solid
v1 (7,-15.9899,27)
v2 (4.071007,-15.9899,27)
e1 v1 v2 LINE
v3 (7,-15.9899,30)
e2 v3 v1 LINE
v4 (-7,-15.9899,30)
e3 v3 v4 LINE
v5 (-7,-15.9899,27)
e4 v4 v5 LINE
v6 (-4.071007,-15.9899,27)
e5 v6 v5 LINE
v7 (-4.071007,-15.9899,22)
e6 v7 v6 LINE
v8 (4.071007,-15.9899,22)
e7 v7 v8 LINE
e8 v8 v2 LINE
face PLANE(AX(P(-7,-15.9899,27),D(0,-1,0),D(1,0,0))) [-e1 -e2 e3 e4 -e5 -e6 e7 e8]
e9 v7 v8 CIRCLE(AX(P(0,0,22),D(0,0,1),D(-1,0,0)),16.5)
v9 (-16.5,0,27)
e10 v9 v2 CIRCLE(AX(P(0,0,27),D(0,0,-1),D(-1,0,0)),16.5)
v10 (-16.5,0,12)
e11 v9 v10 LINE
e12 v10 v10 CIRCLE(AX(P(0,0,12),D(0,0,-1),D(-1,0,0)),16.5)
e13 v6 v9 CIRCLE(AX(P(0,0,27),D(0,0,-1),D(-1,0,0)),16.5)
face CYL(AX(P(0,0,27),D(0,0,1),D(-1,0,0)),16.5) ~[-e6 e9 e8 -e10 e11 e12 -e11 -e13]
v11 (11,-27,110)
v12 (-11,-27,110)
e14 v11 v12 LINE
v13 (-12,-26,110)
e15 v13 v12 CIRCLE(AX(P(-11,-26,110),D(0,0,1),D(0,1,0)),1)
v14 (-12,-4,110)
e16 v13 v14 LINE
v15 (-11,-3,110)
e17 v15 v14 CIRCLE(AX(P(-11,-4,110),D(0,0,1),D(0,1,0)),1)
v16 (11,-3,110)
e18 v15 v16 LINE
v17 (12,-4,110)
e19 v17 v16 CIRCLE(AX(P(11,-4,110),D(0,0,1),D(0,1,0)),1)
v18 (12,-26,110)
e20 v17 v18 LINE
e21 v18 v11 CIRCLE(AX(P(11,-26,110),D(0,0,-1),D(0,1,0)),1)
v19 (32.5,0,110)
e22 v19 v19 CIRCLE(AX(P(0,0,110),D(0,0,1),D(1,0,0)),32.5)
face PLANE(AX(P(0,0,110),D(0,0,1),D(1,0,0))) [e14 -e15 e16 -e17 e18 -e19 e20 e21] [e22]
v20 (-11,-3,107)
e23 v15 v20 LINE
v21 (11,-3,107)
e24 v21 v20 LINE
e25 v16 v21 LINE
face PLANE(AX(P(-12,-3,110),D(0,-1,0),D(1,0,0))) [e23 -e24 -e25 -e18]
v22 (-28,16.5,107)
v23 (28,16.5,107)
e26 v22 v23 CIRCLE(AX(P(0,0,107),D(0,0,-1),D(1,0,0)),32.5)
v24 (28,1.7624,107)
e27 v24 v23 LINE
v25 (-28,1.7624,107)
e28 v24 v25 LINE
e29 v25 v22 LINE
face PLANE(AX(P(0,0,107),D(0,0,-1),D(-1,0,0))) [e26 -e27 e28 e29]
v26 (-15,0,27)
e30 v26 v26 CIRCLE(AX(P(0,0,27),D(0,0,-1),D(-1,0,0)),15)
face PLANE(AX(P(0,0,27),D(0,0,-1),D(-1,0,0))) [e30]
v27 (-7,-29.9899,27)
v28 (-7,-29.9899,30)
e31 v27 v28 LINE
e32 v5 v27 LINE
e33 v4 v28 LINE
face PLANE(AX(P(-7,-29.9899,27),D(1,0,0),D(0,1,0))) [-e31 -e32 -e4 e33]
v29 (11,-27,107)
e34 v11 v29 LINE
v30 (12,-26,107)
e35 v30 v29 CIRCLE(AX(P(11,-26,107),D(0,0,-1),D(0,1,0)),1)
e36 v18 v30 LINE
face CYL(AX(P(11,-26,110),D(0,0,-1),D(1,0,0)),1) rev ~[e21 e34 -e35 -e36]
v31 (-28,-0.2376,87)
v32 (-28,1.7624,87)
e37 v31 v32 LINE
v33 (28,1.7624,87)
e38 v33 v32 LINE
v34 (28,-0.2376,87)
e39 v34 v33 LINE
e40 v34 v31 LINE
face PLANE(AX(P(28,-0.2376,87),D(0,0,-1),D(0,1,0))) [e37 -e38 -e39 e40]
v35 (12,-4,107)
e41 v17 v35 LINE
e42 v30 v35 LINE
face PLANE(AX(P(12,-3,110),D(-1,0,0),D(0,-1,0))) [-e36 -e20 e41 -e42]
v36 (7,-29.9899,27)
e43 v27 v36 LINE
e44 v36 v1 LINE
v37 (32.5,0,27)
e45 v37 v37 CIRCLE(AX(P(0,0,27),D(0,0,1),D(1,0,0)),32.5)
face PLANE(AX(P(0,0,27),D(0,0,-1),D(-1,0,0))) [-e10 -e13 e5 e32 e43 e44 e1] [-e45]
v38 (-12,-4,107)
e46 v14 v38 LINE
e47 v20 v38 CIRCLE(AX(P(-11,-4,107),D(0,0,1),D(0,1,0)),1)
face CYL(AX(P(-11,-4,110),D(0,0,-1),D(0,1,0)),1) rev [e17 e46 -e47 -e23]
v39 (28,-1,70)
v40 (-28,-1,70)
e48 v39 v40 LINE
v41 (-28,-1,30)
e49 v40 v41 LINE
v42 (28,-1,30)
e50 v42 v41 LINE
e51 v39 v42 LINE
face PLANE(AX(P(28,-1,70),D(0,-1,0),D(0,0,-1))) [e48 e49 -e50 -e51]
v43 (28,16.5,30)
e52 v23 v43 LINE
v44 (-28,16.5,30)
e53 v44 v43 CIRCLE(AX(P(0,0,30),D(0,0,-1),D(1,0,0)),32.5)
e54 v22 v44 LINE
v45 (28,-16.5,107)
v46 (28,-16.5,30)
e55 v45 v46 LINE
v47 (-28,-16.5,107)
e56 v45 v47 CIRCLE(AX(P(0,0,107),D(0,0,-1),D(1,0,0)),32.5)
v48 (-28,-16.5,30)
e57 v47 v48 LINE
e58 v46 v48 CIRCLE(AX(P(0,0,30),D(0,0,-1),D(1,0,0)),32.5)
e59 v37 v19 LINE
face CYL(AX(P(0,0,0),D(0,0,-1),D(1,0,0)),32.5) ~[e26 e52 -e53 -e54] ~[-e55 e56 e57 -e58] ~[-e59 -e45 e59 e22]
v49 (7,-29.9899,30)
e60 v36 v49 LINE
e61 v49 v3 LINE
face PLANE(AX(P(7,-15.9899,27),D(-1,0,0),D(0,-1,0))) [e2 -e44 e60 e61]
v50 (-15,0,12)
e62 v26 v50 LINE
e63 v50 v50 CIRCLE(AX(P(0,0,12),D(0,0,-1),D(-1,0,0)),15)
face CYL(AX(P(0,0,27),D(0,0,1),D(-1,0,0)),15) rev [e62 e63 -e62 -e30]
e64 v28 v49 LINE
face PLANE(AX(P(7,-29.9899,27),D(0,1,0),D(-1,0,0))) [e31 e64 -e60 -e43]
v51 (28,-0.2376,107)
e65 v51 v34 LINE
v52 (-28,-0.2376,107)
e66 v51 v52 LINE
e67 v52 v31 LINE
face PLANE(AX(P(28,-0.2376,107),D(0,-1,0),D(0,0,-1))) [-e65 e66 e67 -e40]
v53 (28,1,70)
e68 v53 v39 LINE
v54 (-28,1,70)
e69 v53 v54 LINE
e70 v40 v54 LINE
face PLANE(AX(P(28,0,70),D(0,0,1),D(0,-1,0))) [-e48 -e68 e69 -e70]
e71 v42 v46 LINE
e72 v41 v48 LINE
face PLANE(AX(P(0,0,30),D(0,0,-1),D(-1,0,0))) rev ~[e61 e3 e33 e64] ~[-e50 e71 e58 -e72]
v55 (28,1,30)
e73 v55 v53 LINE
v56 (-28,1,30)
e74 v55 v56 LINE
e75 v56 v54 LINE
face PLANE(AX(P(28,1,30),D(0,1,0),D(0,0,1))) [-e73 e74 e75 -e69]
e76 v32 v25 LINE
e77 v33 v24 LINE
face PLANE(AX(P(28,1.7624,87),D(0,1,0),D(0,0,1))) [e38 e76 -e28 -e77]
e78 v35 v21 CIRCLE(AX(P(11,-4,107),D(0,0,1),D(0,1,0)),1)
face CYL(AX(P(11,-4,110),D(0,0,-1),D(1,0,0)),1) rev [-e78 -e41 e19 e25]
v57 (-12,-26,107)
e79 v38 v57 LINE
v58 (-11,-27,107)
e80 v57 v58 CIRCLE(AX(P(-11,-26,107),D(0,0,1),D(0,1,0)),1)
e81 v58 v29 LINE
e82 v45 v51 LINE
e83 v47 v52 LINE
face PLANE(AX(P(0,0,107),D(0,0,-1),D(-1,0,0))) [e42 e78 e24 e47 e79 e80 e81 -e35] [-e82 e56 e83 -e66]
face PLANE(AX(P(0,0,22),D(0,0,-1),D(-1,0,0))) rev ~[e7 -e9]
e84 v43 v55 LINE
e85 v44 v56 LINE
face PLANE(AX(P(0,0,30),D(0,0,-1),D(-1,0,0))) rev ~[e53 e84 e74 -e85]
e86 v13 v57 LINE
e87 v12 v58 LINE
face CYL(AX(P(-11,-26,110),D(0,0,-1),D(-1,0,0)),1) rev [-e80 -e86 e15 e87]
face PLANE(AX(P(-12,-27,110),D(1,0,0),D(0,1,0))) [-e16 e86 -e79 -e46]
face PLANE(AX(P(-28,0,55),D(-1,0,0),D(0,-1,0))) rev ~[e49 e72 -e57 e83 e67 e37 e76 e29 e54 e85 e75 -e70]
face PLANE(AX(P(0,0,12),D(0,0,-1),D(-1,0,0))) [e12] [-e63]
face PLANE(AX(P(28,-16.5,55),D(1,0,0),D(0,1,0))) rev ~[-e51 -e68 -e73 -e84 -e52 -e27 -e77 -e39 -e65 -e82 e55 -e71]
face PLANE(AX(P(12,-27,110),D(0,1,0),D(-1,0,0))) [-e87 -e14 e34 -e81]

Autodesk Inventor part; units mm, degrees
ref_plane "YZ Plane" through (0, 0, 0) normal (1, 0, 0) x (0, 1, 0)
ref_plane "XZ Plane" through (0, 0, 0) normal (0, 1, 0) x (-1, 0, 0)
ref_plane "XY Plane" through (0, 0, 0) normal (0, 0, 1) x (1, 0, 0)
sketch "Szkic1" plane through (0, 0, 0) normal (0, 0, 1) x (1, 0, 0)
  circle A0 centre (0, 0) radius 32.5
  dimension "d0" = 65
extrude "Wyciągnięcie proste1" add sketch "Szkic1" along normal blind 110
ref_plane "Płaszczyzna konstrukcyjna5" through (0, 0, 55) normal (0, 0, -1) x (-1, 0, 0)
sketch "Szkic3" plane through (0, 0, 55) normal (0, 0, -1) x (-1, 0, 0)
  line L0 (0, 0) -> (28, 0)
  line L1 (28, 0) -> (28, 16.5)
  circle A0 centre (0, 0) radius 32.5 projected
  line L2 (28, 0) -> (28, -35.6443)
  line L3 (28, -35.6443) -> (-28, -35.6443)
  line L4 (-28, -35.6443) -> (-28, 35.8328)
  line L5 (-28, 35.8328) -> (28, 35.8328)
  line L6 (28, 35.8328) -> (28, 0)
  dimension "d3" = 28
  dimension "d4" = 56
  dimension "d5" = 56
extrude "Wyciągnięcie proste2" cut sketch "Szkic3" along normal blind 25 and the other way blind 52 contours L2 A0 L4 L1 | A0 L4 L5 L6 | L2 L3 L4 A0
sketch "Szkic5" plane through (0, 0, 0) normal (0, 0, -1) x (-1, 0, 0)
  circle A0 centre (0, 0) radius 32.5
extrude "Wyciągnięcie proste3" cut sketch "Szkic5" against normal blind 27
sketch "Szkic6" plane through (0, 0, 27) normal (0, 0, -1) x (-1, 0, 0)
  circle A0 centre (0, 0) radius 15
  circle A1 centre (0, 0) radius 16.5
  dimension "d12" = 30
  dimension "d13" = 33
extrude "Wyciągnięcie proste4" add sketch "Szkic6" along normal blind 15
sketch "Szkic7" plane through (0, 0, 27) normal (0, 0, -1) x (-1, 0, 0)
  line L0 (7, -15.9899) -> (-7, -15.9899)
  line L1 (-7, -15.9899) -> (-7, -29.9899)
  line L2 (-7, -29.9899) -> (7, -29.9899)
  line L3 (7, -29.9899) -> (7, -15.9899)
  line L4 (7, -15.9899) -> (-7, -29.9899) construction
  line L5 (-7, -15.9899) -> (7, -29.9899) construction
  point P0 (0, 0)
  point P1 (0, -22.9899)
  dimension "d16" = 14
  dimension "d17" = 14
extrude "Wyciągnięcie proste5" cut sketch "Szkic7" along normal blind 5 and the other way blind 7.5
sketch "Szkic8" plane through (28, -16.5, 107) normal (-1, 0, 0) x (0, 0, 1)
  line L0 (-77, 0) -> (-77, 33) projected
  line L1 (-77, 16.5) -> (-37, 16.5)
  line L2 (0, 0) -> (0, 33) projected
  line L3 (-37, 16.5) -> (-37, 17.5)
  line L4 (-37, 17.5) -> (-37, 15.5)
  line L5 (-37, 15.5) -> (-77, 15.5)
  line L6 (-77, 15.5) -> (-77, 18.2624)
  line L7 (-77, 15.5) -> (-77, 17.5)
  line L8 (-77, 33) -> (-77, 0) projected
  line L9 (-77, 17.5) -> (-37, 17.5)
  line L10 (-20, 18.2624) -> (0, 18.2624)
  line L11 (0, 18.2624) -> (0, 16.2624)
  line L12 (0, 16.2624) -> (-20, 16.2624)
  line L13 (-20, 16.2624) -> (-20, 18.2624)
  point P0 (-107, 16.5)
  dimension "d22" = 40
  dimension "d23" = 1
  dimension "d24" = 2
  dimension "d25" = 2
  dimension "d28" = 2
  dimension "d29" = 20
extrude "Wyciągnięcie proste6" add sketch "Szkic8" along normal blind 56
sketch "Szkic9" plane through (0, 0, 110) normal (0, 0, 1) x (1, 0, 0)
  line L0 (12, -27) -> (-12, -27)
  line L1 (-12, -27) -> (-12, -3)
  line L2 (-12, -3) -> (12, -3)
  line L3 (12, -3) -> (12, -27)
  line L4 (12, -27) -> (-12, -3) construction
  line L5 (-12, -27) -> (12, -3) construction
  point P0 (0, 0)
  point P1 (0, -15)
  dimension "d30" = 24
  dimension "d31" = 24
extrude "Wyciągnięcie proste7" cut sketch "Szkic9" against normal blind 56
fillet "Zaokrąglenie1" radius 1 4 edges at (12, -27, 108.5) (-12, -27, 108.5) (12, -3, 108.5) (-12, -3, 108.5)
sketch "Szkic13" plane through (28, -1, 30) normal (0, -1, 0) x (1, 0, 0)
  point P0 (-28, -30)
properties part number "Korpus"
